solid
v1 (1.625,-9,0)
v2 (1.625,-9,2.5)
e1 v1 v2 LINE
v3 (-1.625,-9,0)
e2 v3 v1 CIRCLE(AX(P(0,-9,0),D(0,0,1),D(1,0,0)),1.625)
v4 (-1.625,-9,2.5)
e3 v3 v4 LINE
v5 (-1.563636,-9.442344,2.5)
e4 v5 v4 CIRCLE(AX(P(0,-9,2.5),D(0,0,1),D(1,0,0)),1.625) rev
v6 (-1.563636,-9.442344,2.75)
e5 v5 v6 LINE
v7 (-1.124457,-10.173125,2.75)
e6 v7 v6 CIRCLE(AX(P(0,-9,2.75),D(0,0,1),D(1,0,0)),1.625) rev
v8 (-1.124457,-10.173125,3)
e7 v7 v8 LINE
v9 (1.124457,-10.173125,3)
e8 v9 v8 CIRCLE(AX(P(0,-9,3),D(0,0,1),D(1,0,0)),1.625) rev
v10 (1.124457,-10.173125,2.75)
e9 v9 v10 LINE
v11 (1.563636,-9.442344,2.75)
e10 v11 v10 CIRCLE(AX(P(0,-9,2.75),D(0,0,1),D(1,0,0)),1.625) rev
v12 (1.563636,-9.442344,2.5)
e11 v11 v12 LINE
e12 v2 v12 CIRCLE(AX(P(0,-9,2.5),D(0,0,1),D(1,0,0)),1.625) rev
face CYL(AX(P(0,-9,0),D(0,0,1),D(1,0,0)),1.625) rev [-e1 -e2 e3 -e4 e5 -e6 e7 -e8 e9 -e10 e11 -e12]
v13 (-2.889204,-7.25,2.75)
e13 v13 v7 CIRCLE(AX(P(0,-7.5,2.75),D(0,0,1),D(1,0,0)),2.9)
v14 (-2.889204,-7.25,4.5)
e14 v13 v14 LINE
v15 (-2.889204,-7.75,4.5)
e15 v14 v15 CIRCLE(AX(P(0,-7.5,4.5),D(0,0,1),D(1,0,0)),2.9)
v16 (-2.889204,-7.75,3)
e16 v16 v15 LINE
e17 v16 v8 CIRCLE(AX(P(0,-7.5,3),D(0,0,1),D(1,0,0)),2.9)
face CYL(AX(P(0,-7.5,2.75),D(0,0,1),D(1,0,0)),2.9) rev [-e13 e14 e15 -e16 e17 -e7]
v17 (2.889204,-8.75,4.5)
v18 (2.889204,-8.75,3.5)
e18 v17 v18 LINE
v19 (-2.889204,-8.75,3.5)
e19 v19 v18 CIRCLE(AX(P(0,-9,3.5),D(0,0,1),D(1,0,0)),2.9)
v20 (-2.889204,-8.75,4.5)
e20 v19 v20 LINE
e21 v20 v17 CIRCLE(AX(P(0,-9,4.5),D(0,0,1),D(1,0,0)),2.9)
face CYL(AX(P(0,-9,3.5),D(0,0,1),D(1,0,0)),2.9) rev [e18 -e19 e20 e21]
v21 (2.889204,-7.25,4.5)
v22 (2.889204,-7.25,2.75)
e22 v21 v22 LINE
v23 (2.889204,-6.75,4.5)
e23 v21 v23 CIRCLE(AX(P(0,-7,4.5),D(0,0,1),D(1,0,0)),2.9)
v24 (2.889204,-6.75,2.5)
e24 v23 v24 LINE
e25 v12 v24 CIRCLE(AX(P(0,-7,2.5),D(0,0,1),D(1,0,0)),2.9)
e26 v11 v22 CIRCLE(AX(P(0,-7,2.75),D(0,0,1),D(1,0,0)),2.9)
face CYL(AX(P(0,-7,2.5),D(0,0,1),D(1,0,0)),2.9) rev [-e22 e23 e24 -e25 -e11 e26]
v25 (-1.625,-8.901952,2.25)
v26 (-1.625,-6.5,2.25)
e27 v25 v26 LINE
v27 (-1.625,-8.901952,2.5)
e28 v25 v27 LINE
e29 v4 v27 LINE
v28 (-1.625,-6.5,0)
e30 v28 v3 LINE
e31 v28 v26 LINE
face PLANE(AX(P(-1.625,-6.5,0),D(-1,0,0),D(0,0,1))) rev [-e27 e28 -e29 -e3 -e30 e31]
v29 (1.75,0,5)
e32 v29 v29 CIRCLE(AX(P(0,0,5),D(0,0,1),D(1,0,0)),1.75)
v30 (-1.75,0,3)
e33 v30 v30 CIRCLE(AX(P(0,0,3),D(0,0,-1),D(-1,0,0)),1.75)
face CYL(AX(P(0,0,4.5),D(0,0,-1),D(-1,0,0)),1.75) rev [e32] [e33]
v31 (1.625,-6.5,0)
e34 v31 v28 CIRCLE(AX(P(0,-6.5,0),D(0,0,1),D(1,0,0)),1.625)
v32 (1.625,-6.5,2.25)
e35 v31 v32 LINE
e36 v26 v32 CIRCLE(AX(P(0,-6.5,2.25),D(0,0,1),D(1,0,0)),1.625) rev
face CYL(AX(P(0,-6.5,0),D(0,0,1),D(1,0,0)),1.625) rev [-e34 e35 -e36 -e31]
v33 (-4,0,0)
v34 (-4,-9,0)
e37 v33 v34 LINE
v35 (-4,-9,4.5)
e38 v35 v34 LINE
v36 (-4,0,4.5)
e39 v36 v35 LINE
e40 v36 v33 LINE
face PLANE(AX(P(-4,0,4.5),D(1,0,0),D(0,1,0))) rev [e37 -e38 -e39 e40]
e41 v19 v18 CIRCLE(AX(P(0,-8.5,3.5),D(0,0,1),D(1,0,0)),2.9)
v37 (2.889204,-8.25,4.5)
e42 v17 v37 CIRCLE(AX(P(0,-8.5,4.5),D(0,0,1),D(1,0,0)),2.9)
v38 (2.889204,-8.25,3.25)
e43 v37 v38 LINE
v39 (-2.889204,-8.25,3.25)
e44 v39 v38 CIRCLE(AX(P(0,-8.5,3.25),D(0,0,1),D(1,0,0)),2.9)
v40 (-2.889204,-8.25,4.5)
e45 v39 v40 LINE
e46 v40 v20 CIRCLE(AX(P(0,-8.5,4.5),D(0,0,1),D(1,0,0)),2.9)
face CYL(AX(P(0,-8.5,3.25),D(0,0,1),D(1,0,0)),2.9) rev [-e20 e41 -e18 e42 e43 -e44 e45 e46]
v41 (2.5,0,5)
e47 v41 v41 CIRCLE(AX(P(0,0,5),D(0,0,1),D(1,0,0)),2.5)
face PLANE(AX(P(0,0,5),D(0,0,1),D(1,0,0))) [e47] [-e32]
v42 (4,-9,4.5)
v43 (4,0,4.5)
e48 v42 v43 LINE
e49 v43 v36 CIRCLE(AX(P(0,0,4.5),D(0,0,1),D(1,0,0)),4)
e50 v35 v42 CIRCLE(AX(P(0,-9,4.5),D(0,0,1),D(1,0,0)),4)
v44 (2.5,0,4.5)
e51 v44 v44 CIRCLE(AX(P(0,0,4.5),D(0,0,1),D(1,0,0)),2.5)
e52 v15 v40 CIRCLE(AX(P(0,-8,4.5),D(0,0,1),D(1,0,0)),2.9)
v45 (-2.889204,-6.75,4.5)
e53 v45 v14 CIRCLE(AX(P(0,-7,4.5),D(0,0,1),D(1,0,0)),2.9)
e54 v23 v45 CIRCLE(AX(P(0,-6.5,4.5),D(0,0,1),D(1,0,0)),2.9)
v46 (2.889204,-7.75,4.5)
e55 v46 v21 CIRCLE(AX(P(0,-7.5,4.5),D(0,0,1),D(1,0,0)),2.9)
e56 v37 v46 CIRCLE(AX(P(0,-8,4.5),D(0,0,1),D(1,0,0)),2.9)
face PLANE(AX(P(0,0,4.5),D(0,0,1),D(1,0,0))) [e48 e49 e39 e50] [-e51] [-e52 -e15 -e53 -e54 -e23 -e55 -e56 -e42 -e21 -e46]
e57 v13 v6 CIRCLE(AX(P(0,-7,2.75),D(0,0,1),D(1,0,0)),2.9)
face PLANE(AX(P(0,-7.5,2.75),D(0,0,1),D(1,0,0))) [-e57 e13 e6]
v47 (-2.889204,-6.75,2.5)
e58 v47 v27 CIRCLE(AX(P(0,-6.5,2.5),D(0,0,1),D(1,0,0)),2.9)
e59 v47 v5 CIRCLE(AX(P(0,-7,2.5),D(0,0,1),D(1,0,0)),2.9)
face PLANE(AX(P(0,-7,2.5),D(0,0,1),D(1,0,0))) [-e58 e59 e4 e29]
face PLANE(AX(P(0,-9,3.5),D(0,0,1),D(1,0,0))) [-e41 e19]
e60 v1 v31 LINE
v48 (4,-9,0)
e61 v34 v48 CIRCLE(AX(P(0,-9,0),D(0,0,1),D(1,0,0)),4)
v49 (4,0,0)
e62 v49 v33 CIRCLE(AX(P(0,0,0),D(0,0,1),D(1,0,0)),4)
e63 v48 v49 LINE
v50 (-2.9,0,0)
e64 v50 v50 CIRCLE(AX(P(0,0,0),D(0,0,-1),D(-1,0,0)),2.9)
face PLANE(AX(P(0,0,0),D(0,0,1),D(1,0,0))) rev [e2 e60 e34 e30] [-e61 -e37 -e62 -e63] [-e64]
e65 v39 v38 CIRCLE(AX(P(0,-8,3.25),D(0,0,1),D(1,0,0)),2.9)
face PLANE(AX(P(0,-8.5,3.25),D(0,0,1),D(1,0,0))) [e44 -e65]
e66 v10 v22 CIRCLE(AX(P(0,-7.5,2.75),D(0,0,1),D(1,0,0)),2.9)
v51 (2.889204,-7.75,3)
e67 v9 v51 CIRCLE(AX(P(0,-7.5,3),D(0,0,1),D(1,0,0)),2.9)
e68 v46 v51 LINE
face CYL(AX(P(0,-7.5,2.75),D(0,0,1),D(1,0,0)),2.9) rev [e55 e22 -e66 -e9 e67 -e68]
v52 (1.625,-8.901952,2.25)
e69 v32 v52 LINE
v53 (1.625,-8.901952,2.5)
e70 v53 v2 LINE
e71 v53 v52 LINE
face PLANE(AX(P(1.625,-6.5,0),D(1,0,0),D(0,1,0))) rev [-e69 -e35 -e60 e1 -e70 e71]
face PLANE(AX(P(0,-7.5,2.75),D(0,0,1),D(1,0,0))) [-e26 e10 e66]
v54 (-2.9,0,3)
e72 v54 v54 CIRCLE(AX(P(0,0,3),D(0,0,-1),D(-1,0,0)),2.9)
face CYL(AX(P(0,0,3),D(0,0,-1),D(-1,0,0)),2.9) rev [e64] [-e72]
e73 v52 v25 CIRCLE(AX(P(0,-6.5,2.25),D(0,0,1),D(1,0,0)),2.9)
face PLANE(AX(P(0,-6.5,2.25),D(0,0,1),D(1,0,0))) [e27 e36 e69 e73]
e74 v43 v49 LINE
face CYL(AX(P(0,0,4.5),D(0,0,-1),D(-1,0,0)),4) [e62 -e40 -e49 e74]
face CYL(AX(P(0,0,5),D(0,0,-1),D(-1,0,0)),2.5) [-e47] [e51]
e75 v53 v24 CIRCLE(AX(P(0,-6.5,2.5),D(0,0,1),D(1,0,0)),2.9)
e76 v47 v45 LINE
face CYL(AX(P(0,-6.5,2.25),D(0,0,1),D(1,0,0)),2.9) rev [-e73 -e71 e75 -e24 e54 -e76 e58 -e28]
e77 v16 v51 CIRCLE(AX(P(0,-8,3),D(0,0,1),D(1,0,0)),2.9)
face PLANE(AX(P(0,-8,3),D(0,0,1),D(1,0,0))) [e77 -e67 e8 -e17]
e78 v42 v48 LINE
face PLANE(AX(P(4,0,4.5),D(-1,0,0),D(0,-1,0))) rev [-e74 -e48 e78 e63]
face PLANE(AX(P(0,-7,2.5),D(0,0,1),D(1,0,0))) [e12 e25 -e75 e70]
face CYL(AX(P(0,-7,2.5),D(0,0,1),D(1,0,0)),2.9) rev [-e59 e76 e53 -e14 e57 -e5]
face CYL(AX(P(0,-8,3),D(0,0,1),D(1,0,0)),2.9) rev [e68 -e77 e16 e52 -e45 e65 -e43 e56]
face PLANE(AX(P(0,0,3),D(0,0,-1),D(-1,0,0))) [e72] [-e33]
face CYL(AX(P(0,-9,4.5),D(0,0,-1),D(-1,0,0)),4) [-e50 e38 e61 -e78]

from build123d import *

# Parameters (mm, degrees)
ESBO_O1_R                = 1.75
RESSALTO_EXTRUS_O1_DEPTH = 4.5
ESBO_O2_R                = 2.5
ESBO_O2_R_2              = 1.75
RESSALTO_EXTRUS_O2_DEPTH = 0.5
CORTE_EXTRUS_O1_DEPTH    = 15.326548782
ESBO_O4_R                = 2.9
CORTE_EXTRUS_O2_DEPTH    = 1
ESBO_O5_R                = 2.9
CORTE_EXTRUS_O3_DEPTH    = 1.25
ESBO_O6_R                = 2.9
CORTE_EXTRUS_O4_DEPTH    = 1.5
ESBO_O7_R                = 2.9
CORTE_EXTRUS_O5_DEPTH    = 1.75
ESBO_O8_R                = 2.9
CORTE_EXTRUS_O6_DEPTH    = 2
ESBO_O9_R                = 2.9
CORTE_EXTRUS_O7_DEPTH    = 2.25
ESBO_O10_R               = 2.9
CORTE_EXTRUS_O8_DEPTH    = 3


with BuildPart() as part:
    # Esboço1 → Ressalto-extrusão1 (new body)
    with BuildSketch(Plane.XY):
        with BuildLine():
            Line((-4, 0), (-4, -9))
            ThreePointArc((-4, -9), (0, -13), (4, -9))
            Line((4, -9), (4, 0))
            ThreePointArc((4, 0), (0, 4), (-4, 0))
        make_face()
        Circle(ESBO_O1_R, mode=Mode.SUBTRACT)
    extrude(amount=RESSALTO_EXTRUS_O1_DEPTH)

    # Esboço2 → Ressalto-extrusão2 (add)
    with BuildSketch(Plane.XY.offset(4.5)):
        Circle(ESBO_O2_R)
        Circle(ESBO_O2_R_2, mode=Mode.SUBTRACT)
    extrude(amount=RESSALTO_EXTRUS_O2_DEPTH)

    # Esboço3 → Corte-extrusão1 (cut, through all)
    with BuildSketch(Plane.XY.offset(4.5)):
        with BuildLine():
            Line((-1.625, -6.5), (-1.625, -9))
            ThreePointArc((-1.625, -9), (0, -10.625), (1.625, -9))
            Line((1.625, -9), (1.625, -6.5))
            ThreePointArc((1.625, -6.5), (0, -4.875), (-1.625, -6.5))
        make_face()
    extrude(amount=-CORTE_EXTRUS_O1_DEPTH, mode=Mode.SUBTRACT)

    # Esboço4 → Corte-extrusão2 (cut)
    with BuildSketch(Plane.XY.offset(4.5)):
        with Locations((0, -9)):
            Circle(ESBO_O4_R)
    extrude(amount=-CORTE_EXTRUS_O2_DEPTH, mode=Mode.SUBTRACT)

    # Esboço5 → Corte-extrusão3 (cut)
    with BuildSketch(Plane.XY.offset(4.5)):
        with Locations((0, -8.5)):
            Circle(ESBO_O5_R)
    extrude(amount=-CORTE_EXTRUS_O3_DEPTH, mode=Mode.SUBTRACT)

    # Esboço6 → Corte-extrusão4 (cut)
    with BuildSketch(Plane.XY.offset(4.5)):
        with Locations((0, -8)):
            Circle(ESBO_O6_R)
    extrude(amount=-CORTE_EXTRUS_O4_DEPTH, mode=Mode.SUBTRACT)

    # Esboço7 → Corte-extrusão5 (cut)
    with BuildSketch(Plane.XY.offset(4.5)):
        with Locations((0, -7.5)):
            Circle(ESBO_O7_R)
    extrude(amount=-CORTE_EXTRUS_O5_DEPTH, mode=Mode.SUBTRACT)

    # Esboço8 → Corte-extrusão6 (cut)
    with BuildSketch(Plane.XY.offset(4.5)):
        with Locations((0, -7)):
            Circle(ESBO_O8_R)
    extrude(amount=-CORTE_EXTRUS_O6_DEPTH, mode=Mode.SUBTRACT)

    # Esboço9 → Corte-extrusão7 (cut)
    with BuildSketch(Plane.XY.offset(4.5)):
        with Locations((0, -6.5)):
            Circle(ESBO_O9_R)
    extrude(amount=-CORTE_EXTRUS_O7_DEPTH, mode=Mode.SUBTRACT)

    # Esboço10 → Corte-extrusão8 (cut)
    with BuildSketch(Plane(origin=(0, 0, 0), x_dir=(-1, 0, 0), z_dir=(0, 0, -1))):
        Circle(ESBO_O10_R)
    extrude(amount=-CORTE_EXTRUS_O8_DEPTH, mode=Mode.SUBTRACT)


solid = part.part
